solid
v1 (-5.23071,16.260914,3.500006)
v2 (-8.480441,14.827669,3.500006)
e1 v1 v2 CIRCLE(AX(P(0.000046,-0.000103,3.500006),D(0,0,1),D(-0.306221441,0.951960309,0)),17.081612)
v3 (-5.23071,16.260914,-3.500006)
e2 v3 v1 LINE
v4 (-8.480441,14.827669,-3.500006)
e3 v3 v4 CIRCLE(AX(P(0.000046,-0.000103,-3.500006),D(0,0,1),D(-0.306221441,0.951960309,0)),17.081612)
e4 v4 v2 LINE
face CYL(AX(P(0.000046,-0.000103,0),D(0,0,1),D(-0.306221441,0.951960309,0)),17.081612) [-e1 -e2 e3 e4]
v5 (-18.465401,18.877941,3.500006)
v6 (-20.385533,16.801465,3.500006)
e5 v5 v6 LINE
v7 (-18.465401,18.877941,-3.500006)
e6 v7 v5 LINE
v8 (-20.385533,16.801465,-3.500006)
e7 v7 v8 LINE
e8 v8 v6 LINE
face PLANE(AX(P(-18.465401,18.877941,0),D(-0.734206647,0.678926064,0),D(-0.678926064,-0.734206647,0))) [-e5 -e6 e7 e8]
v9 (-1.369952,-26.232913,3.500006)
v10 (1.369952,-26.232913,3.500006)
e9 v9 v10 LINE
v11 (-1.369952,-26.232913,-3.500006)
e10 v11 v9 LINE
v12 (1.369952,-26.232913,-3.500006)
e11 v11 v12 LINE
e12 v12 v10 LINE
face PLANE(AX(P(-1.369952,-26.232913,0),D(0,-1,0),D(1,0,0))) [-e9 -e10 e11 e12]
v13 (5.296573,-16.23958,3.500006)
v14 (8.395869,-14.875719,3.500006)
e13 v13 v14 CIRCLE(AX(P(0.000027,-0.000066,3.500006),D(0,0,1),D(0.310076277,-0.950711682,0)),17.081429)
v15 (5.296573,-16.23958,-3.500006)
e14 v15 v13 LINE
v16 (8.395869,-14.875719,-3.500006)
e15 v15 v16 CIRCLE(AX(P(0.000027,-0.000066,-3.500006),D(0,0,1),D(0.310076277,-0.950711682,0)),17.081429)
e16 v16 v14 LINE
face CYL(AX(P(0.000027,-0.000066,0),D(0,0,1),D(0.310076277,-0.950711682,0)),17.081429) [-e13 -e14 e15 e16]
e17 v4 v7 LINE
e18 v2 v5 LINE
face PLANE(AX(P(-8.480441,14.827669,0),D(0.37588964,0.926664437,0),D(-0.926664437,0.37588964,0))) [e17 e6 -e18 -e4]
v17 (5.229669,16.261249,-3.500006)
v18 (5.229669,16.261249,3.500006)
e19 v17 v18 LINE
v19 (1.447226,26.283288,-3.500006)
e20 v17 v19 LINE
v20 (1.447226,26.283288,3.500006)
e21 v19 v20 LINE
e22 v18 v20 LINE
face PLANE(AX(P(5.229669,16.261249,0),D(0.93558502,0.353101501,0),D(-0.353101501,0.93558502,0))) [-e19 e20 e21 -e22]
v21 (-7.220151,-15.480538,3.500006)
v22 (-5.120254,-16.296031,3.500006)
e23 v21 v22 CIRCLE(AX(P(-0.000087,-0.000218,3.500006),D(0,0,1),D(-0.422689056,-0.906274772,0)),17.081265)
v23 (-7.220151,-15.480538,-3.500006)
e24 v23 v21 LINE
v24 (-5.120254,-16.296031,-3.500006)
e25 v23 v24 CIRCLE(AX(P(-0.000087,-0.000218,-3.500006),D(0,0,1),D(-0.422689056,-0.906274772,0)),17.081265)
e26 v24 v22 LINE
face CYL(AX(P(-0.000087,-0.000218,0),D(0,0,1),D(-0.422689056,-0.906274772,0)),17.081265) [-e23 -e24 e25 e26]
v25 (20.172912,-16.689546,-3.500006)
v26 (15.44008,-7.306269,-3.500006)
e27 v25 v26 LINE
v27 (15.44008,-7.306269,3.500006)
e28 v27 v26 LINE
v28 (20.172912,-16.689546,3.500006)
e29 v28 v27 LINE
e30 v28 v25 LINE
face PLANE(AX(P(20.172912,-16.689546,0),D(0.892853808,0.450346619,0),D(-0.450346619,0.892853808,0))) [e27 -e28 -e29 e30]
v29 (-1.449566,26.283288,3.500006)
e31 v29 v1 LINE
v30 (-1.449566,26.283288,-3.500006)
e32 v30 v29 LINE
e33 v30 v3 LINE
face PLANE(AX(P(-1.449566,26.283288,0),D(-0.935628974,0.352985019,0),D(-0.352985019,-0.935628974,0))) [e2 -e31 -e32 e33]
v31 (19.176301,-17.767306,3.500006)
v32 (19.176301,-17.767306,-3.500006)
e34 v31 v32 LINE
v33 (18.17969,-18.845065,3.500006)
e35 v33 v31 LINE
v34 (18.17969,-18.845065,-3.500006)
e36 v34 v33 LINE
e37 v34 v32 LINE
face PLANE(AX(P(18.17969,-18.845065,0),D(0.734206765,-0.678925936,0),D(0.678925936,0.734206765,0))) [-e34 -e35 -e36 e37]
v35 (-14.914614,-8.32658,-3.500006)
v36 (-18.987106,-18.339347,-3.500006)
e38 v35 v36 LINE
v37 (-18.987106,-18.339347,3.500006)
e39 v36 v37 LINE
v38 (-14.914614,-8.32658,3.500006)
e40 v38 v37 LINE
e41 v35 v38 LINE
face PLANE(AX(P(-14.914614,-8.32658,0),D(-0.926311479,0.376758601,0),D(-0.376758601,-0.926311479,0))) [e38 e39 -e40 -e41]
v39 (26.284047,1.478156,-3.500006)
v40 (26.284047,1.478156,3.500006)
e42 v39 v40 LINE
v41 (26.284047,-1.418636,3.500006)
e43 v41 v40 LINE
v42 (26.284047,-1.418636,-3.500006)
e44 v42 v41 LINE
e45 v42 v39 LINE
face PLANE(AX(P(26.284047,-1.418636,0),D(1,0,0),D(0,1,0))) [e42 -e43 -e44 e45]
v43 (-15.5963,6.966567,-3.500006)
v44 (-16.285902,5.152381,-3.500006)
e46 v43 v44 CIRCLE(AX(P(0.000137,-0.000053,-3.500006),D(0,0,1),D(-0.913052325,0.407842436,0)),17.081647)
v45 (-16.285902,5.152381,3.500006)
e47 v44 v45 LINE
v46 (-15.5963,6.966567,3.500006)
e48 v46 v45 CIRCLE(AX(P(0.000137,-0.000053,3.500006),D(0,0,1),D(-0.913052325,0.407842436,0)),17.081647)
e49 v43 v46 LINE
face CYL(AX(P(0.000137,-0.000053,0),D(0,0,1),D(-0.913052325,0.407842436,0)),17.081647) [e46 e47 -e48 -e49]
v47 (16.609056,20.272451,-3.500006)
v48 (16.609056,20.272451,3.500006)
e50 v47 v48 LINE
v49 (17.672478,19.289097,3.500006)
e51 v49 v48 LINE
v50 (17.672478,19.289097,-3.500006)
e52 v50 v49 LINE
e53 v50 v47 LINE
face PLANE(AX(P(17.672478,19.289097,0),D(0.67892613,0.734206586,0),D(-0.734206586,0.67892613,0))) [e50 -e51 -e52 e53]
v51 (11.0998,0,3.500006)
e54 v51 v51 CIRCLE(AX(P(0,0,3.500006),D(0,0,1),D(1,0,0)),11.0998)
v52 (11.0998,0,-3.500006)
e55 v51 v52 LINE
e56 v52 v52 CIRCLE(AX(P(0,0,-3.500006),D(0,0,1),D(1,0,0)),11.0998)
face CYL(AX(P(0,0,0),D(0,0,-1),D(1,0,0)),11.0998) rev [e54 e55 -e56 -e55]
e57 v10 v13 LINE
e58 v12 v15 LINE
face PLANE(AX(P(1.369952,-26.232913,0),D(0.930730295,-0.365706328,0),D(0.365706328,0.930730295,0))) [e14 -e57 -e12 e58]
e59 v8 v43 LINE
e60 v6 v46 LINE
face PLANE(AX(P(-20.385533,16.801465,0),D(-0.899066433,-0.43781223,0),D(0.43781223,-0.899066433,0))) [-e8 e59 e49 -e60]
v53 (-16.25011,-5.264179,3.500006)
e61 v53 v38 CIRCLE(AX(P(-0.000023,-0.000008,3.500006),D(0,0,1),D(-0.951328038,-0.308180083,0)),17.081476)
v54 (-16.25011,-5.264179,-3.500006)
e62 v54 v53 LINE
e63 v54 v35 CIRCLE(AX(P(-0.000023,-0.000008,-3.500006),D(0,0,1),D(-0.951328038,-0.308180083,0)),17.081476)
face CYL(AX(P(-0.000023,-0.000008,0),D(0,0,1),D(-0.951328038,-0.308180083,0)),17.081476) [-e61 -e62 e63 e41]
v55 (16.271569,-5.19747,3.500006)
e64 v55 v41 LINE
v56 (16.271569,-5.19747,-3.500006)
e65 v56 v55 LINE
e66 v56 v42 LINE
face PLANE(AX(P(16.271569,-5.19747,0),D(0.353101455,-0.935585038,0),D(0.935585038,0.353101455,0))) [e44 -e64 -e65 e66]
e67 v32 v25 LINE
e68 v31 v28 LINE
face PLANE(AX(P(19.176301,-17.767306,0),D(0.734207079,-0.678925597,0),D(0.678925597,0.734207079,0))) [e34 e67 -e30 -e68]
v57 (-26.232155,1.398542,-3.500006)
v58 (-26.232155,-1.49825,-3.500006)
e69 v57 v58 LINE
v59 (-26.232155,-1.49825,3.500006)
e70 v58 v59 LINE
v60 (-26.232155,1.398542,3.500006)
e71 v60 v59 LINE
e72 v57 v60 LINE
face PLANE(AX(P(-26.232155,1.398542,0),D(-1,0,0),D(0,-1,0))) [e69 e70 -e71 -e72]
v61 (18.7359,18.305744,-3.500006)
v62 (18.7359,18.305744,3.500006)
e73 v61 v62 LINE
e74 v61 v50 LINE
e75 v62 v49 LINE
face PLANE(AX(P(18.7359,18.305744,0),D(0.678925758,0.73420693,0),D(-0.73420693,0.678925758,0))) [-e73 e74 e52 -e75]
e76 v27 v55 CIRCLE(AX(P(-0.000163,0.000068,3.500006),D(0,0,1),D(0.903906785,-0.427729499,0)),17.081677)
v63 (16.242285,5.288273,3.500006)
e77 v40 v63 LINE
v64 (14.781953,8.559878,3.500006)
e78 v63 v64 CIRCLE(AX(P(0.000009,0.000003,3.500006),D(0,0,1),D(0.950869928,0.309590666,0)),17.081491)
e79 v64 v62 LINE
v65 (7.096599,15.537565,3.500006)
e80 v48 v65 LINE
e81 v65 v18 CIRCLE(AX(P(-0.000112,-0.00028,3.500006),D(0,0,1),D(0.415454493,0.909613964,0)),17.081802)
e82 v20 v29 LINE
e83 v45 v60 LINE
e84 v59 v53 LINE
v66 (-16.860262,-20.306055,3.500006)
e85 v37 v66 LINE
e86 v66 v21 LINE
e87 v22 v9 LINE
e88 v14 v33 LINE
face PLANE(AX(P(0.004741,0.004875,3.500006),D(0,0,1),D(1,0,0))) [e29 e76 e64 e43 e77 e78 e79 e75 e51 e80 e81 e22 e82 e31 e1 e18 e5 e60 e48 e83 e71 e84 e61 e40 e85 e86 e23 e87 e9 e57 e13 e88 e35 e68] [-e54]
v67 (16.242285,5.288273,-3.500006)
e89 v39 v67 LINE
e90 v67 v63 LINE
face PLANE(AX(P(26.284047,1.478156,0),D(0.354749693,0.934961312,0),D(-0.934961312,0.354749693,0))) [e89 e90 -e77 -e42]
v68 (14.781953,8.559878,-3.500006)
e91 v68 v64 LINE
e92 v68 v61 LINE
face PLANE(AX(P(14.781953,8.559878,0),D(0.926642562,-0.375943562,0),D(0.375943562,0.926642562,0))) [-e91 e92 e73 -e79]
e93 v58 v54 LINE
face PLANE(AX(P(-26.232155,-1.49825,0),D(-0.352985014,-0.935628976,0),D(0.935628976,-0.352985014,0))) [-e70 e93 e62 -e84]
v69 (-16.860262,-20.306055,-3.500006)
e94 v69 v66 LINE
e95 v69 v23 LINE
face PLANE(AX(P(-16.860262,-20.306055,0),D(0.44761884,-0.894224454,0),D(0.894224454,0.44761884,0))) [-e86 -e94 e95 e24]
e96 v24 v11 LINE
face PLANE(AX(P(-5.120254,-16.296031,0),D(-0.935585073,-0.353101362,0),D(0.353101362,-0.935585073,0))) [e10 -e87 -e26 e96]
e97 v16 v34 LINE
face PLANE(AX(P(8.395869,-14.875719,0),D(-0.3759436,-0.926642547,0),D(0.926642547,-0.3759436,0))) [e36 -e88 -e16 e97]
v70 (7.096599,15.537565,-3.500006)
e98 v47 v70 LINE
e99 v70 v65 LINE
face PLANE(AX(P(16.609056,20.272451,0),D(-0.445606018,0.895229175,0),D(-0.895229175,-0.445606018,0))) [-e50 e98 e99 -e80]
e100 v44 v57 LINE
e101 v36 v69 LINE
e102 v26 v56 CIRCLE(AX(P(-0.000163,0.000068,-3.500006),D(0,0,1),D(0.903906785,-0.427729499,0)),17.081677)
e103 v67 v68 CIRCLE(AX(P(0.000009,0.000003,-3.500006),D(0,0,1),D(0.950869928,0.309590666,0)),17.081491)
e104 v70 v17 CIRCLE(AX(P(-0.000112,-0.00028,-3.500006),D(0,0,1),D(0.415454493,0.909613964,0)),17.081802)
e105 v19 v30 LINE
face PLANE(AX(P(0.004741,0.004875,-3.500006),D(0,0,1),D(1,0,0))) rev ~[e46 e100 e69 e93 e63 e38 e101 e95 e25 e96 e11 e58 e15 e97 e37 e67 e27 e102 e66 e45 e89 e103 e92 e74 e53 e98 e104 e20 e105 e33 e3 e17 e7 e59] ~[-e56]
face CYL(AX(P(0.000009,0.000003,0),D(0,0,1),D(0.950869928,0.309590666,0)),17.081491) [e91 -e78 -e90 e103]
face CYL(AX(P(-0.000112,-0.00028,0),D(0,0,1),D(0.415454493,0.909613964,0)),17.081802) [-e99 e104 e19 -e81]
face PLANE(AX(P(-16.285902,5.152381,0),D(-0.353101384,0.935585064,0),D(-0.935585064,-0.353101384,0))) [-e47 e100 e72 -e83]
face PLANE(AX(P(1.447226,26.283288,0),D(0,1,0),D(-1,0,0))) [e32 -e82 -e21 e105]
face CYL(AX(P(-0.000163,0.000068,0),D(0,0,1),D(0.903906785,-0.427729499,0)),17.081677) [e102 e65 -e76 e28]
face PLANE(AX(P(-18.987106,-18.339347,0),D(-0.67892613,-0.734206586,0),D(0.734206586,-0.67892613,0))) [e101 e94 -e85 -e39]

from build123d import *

# Parameters (mm, degrees)
F0_R     = 11.0998
F1_DEPTH = 3.500006


with BuildPart() as f1:
    # F0 (on Top) → F1 (new body, symmetric)
    with BuildSketch(Plane.XY):
        with BuildLine():
            ThreePointArc((16.271569, -5.19747), (16.877803, -2.630099), (17.0815, 0))
            ThreePointArc((17.0815, 0), (16.870392, 2.677224), (16.242285, 5.288273))
            ThreePointArc((16.242285, 5.288273), (15.598131, 6.962468), (14.781953, 8.559878))
            ThreePointArc((14.781953, 8.559878), (13.301146, 10.717143), (11.508227, 12.62293))
            ThreePointArc((11.508227, 12.62293), (9.415873, 14.251982), (7.096599, 15.537565))
            ThreePointArc((7.096599, 15.537565), (6.173747, 15.926785), (5.229669, 16.261249))
            ThreePointArc((5.229669, 16.261249), (2.646224, 16.875282), (-0.00117, 17.0815))
            ThreePointArc((-0.00117, 17.0815), (-2.64792, 16.875016), (-5.23071, 16.260914))
            ThreePointArc((-5.23071, 16.260914), (-6.892928, 15.628985), (-8.480441, 14.827669))
            ThreePointArc((-8.480441, 14.827669), (-10.669635, 13.339285), (-12.602568, 11.530521))
            ThreePointArc((-12.602568, 11.530521), (-14.282908, 9.368894), (-15.5963, 6.966567))
            ThreePointArc((-15.5963, 6.966567), (-15.966888, 6.069276), (-16.285902, 5.152381))
            ThreePointArc((-16.285902, 5.152381), (-16.885215, 2.582085), (-17.081427, -0.049854))
            ThreePointArc((-17.081427, -0.049854), (-16.868466, -2.689332), (-16.25011, -5.264179))
            ThreePointArc((-16.25011, -5.264179), (-15.657413, -6.828109), (-14.914614, -8.32658))
            ThreePointArc((-14.914614, -8.32658), (-11.631067, -12.509833), (-7.220151, -15.480538))
            ThreePointArc((-7.220151, -15.480538), (-6.183661, -15.922939), (-5.120254, -16.296031))
            ThreePointArc((-5.120254, -16.296031), (-2.590076, -16.883991), (0, -17.0815))
            ThreePointArc((0, -17.0815), (2.681535, -16.869707), (5.296573, -16.23958))
            ThreePointArc((5.296573, -16.23958), (6.8801, -15.634637), (8.395869, -14.875719))
            ThreePointArc((8.395869, -14.875719), (10.58615, -13.405636), (12.523967, -11.615847))
            ThreePointArc((12.523967, -11.615847), (14.147088, -9.57275), (15.44008, -7.306269))
            ThreePointArc((15.44008, -7.306269), (15.890844, -6.265677), (16.271569, -5.19747))
        make_face()
        Circle(F0_R, mode=Mode.SUBTRACT)
        with BuildLine():
            ThreePointArc((16.242285, 5.288273), (16.870392, 2.677224), (17.0815, 0))
            ThreePointArc((17.0815, 0), (16.877803, -2.630099), (16.271569, -5.19747))
            Line((16.271569, -5.19747), (26.284047, -1.418636))
            Line((26.284047, -1.418636), (26.284047, 0.02976))
            Line((26.284047, 0.02976), (26.284047, 1.478156))
            Line((26.284047, 1.478156), (16.242285, 5.288273))
        make_face()
        with BuildLine():
            ThreePointArc((11.508227, 12.62293), (13.301146, 10.717143), (14.781953, 8.559878))
            Line((14.781953, 8.559878), (18.7359, 18.305744))
            Line((18.7359, 18.305744), (17.672478, 19.289097))
            Line((17.672478, 19.289097), (11.508227, 12.62293))
        make_face()
        with BuildLine():
            Line((20.172912, -16.689546), (15.44008, -7.306269))
            ThreePointArc((15.44008, -7.306269), (14.147088, -9.57275), (12.523967, -11.615847))
            Line((12.523967, -11.615847), (19.176301, -17.767306))
            Line((19.176301, -17.767306), (20.172912, -16.689546))
        make_face()
        with BuildLine():
            ThreePointArc((7.096599, 15.537565), (9.415873, 14.251982), (11.508227, 12.62293))
            Line((11.508227, 12.62293), (17.672478, 19.289097))
            Line((17.672478, 19.289097), (16.609056, 20.272451))
            Line((16.609056, 20.272451), (7.096599, 15.537565))
        make_face()
        with BuildLine():
            Line((19.176301, -17.767306), (12.523967, -11.615847))
            ThreePointArc((12.523967, -11.615847), (10.58615, -13.405636), (8.395869, -14.875719))
            Line((8.395869, -14.875719), (18.17969, -18.845065))
            Line((18.17969, -18.845065), (19.176301, -17.767306))
        make_face()
        with BuildLine():
            ThreePointArc((-0.00117, 17.0815), (2.646224, 16.875282), (5.229669, 16.261249))
            Line((5.229669, 16.261249), (1.447226, 26.283288))
            Line((1.447226, 26.283288), (-0.00117, 26.283288))
            Line((-0.00117, 26.283288), (-0.00117, 17.0815))
        make_face()
        with BuildLine():
            Line((1.369952, -26.232913), (5.296573, -16.23958))
            ThreePointArc((5.296573, -16.23958), (2.681535, -16.869707), (0, -17.0815))
            Line((0, -17.0815), (0, -26.232913))
            Line((0, -26.232913), (1.369952, -26.232913))
        make_face()
        with BuildLine():
            ThreePointArc((-5.23071, 16.260914), (-2.64792, 16.875016), (-0.00117, 17.0815))
            Line((-0.00117, 17.0815), (-0.00117, 26.283288))
            Line((-0.00117, 26.283288), (-1.449566, 26.283288))
            Line((-1.449566, 26.283288), (-5.23071, 16.260914))
        make_face()
        with BuildLine():
            Line((0, -26.232913), (0, -17.0815))
            ThreePointArc((0, -17.0815), (-2.590076, -16.883991), (-5.120254, -16.296031))
            Line((-5.120254, -16.296031), (-1.369952, -26.232913))
            Line((-1.369952, -26.232913), (0, -26.232913))
        make_face()
        with BuildLine():
            ThreePointArc((-12.602568, 11.530521), (-10.669635, 13.339285), (-8.480441, 14.827669))
            Line((-8.480441, 14.827669), (-18.465401, 18.877941))
            Line((-18.465401, 18.877941), (-19.425467, 17.839703))
            Line((-19.425467, 17.839703), (-12.602568, 11.530521))
        make_face()
        with BuildLine():
            Line((-16.860262, -20.306055), (-7.220151, -15.480538))
            ThreePointArc((-7.220151, -15.480538), (-11.631067, -12.509833), (-14.914614, -8.32658))
            Line((-14.914614, -8.32658), (-18.987106, -18.339347))
            Line((-18.987106, -18.339347), (-17.923684, -19.322701))
            Line((-17.923684, -19.322701), (-16.860262, -20.306055))
        make_face()
        with BuildLine():
            ThreePointArc((-15.5963, 6.966567), (-14.282908, 9.368894), (-12.602568, 11.530521))
            Line((-12.602568, 11.530521), (-19.425467, 17.839703))
            Line((-19.425467, 17.839703), (-20.385533, 16.801465))
            Line((-20.385533, 16.801465), (-15.5963, 6.966567))
        make_face()
        with BuildLine():
            Line((-26.232155, -1.49825), (-16.25011, -5.264179))
            ThreePointArc((-16.25011, -5.264179), (-16.868466, -2.689332), (-17.081427, -0.049854))
            Line((-17.081427, -0.049854), (-26.232155, -0.049854))
            Line((-26.232155, -0.049854), (-26.232155, -1.49825))
        make_face()
        with BuildLine():
            ThreePointArc((-17.081427, -0.049854), (-16.885215, 2.582085), (-16.285902, 5.152381))
            Line((-16.285902, 5.152381), (-26.232155, 1.398542))
            Line((-26.232155, 1.398542), (-26.232155, -0.049854))
            Line((-26.232155, -0.049854), (-17.081427, -0.049854))
        make_face()
    extrude(amount=F1_DEPTH, both=True)


solid = f1.part
